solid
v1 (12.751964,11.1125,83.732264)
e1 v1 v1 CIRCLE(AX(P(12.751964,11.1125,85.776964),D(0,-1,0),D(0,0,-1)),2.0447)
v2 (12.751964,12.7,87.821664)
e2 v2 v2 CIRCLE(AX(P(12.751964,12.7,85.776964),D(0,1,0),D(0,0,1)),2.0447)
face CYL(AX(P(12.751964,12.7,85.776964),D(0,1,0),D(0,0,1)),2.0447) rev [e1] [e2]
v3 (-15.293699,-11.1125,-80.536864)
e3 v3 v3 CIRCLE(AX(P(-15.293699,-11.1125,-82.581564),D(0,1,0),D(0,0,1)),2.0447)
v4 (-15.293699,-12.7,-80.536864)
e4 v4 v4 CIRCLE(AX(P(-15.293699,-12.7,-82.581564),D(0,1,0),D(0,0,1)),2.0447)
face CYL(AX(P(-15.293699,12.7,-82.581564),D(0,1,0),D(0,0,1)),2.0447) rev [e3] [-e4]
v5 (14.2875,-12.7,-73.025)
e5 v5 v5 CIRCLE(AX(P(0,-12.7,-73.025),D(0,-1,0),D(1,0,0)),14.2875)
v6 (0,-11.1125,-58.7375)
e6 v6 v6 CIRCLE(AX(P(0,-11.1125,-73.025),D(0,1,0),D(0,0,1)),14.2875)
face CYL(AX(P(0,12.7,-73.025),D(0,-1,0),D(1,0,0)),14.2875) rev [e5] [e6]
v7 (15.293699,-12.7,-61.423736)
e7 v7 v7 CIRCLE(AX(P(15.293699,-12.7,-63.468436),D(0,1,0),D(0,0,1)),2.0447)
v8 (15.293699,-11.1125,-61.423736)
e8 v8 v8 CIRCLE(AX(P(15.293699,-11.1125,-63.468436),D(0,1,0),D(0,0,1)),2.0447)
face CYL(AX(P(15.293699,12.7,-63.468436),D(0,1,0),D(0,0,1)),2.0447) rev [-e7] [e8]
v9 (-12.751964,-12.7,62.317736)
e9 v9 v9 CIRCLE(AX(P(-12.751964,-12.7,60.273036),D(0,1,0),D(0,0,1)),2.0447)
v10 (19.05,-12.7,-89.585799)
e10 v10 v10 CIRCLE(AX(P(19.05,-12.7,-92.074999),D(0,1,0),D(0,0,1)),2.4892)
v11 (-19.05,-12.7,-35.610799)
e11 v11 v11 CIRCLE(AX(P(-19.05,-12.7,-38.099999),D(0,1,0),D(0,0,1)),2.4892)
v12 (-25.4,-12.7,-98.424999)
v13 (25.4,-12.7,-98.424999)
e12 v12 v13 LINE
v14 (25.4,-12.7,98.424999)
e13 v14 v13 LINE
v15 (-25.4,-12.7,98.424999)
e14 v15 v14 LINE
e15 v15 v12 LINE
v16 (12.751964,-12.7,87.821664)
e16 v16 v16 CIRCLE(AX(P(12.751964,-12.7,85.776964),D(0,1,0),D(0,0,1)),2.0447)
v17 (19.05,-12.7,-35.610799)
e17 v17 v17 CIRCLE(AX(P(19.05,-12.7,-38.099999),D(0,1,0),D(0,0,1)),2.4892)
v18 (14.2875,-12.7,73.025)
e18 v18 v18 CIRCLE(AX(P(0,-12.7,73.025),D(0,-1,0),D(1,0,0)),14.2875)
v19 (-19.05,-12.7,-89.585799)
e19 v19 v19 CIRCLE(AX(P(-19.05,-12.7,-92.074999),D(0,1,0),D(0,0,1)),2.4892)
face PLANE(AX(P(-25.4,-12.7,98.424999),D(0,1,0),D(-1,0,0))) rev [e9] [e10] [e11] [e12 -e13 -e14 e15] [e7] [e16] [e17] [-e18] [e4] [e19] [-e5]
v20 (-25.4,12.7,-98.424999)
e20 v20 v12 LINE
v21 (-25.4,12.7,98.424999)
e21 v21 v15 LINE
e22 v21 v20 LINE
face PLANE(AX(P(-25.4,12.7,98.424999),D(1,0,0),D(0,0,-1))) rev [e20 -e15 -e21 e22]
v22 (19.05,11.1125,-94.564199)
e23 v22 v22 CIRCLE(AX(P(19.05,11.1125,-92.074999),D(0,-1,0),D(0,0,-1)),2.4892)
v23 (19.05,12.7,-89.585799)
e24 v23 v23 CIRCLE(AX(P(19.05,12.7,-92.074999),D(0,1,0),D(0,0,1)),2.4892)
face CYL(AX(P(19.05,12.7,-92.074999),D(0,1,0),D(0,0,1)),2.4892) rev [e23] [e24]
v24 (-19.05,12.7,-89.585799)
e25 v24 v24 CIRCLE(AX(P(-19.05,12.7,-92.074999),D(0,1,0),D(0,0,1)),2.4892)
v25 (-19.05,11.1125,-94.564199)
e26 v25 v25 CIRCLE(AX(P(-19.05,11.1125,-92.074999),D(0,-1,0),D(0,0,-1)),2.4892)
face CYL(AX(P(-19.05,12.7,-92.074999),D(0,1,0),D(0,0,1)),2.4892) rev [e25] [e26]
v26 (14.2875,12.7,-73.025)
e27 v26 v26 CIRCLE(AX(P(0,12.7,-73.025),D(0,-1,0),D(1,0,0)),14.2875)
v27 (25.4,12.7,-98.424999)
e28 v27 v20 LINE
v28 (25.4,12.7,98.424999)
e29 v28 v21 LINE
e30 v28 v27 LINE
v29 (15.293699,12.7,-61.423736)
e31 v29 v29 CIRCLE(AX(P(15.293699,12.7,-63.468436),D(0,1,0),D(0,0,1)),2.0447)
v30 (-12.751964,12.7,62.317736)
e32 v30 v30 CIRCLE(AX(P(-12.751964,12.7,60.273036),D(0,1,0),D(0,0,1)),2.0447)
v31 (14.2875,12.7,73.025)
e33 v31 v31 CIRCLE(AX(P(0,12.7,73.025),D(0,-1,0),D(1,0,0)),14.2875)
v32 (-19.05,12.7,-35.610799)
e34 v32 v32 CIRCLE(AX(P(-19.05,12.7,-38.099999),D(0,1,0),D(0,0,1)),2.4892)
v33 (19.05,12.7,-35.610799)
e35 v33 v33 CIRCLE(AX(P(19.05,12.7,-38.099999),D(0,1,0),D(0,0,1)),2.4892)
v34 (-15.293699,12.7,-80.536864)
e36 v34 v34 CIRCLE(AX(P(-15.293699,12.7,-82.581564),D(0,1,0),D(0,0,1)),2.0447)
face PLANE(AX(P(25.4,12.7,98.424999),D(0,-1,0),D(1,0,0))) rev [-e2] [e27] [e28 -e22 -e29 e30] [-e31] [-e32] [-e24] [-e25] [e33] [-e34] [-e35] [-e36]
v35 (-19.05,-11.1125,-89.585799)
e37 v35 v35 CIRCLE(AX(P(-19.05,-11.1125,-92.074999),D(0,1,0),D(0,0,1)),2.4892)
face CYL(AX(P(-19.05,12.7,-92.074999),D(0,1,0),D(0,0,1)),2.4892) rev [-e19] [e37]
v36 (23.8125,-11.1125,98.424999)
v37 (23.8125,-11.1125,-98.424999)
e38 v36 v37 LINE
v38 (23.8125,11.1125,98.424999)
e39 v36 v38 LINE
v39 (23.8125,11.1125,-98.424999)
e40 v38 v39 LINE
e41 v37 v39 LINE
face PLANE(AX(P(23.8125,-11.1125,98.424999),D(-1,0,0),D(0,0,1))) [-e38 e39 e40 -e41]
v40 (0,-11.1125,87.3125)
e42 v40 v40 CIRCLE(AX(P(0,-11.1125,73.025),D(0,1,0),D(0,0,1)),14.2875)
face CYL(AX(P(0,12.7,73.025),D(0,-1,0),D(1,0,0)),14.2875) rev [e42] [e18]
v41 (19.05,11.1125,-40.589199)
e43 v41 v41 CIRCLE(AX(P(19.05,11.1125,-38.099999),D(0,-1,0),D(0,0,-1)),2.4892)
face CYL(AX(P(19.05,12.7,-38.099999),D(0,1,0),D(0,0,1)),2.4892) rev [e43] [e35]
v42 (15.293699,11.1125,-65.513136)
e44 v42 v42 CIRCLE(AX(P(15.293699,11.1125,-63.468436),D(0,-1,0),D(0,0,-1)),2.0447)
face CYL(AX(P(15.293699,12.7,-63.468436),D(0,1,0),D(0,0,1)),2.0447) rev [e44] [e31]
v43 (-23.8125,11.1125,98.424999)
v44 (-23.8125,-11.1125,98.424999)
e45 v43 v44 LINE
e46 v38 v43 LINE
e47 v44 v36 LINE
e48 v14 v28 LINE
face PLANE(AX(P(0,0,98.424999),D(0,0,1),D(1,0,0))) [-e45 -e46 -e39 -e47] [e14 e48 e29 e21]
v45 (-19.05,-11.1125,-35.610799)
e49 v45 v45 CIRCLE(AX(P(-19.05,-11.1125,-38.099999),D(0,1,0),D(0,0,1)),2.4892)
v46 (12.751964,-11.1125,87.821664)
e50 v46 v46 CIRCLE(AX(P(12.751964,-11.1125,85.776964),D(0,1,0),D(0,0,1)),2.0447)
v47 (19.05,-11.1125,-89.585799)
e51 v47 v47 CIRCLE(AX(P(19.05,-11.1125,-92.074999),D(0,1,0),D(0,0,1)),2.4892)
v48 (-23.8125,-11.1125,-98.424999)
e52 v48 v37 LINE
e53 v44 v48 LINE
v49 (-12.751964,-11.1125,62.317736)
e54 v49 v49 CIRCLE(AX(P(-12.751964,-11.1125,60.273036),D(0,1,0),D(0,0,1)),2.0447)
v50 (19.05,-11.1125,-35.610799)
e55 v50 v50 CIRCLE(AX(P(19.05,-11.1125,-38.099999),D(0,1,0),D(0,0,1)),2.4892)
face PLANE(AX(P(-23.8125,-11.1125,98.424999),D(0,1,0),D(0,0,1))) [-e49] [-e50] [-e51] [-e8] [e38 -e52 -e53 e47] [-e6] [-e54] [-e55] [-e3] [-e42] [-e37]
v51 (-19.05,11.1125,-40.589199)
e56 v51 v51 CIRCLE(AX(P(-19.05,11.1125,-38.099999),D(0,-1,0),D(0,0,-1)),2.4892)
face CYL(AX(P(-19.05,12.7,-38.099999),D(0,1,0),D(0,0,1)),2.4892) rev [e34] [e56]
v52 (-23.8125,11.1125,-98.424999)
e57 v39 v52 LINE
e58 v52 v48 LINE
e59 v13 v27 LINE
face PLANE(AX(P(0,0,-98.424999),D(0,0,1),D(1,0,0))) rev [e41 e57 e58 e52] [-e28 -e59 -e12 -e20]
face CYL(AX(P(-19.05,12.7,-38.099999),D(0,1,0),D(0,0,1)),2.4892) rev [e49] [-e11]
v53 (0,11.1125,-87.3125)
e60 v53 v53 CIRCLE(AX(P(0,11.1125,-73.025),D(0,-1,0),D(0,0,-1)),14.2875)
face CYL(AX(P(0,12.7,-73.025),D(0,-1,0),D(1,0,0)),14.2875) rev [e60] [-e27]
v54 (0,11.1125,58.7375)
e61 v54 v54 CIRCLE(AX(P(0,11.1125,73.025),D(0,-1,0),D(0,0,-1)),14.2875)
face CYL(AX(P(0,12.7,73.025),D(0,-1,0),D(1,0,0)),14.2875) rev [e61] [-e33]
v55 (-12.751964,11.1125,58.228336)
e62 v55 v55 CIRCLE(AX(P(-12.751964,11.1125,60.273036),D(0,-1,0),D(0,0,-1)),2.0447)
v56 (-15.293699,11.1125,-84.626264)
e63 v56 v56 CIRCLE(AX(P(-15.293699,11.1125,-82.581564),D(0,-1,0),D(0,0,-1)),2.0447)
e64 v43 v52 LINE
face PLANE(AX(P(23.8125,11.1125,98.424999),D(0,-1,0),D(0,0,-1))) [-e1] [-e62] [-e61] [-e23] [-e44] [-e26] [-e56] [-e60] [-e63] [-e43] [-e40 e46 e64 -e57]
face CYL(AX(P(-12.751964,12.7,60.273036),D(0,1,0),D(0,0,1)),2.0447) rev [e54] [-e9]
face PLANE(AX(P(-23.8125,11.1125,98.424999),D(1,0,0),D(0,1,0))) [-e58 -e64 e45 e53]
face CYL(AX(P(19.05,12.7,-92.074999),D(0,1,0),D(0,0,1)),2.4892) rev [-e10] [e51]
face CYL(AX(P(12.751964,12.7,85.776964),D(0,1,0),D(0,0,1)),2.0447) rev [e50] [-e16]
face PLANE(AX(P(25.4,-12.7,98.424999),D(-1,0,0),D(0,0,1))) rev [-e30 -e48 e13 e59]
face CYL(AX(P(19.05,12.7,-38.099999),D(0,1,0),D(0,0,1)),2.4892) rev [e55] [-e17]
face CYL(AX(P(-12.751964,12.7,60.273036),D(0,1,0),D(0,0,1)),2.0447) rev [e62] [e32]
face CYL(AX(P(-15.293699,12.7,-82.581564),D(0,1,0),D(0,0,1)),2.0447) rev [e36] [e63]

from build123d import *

# Parameters (mm, degrees)
BOSS_EXTRUDE1_DEPTH         = 98.424999
BOSS_EXTRUDE1_DEPTH_BACK    = 98.424999
SKETCH3_W                   = 50.8
SKETCH3_H                   = 25.4
SKETCH3_W_2                 = 47.625
SKETCH3_H_2                 = 22.225
SKETCH4_R                   = 14.2875
CUT_EXTRUDE3_DEPTH          = 105.774999061
F_10_CLEARANCE_HOLE1_D      = 4.9784
F_20_0_161_DIAMETER_HOLE1_D = 4.0894
F_20_0_161_DIAMETER_HOLE2_D = 4.0894


with BuildPart() as part:
    # Sketch3 → Boss-Extrude1 (new, two sides: drawn at the far end of the back side and taken through both)
    with BuildSketch(Plane.XY.offset(-BOSS_EXTRUDE1_DEPTH_BACK)):
        Rectangle(SKETCH3_W, SKETCH3_H)
        Rectangle(SKETCH3_W_2, SKETCH3_H_2, mode=Mode.SUBTRACT)
    extrude(amount=BOSS_EXTRUDE1_DEPTH + BOSS_EXTRUDE1_DEPTH_BACK)

    # Sketch4 → Cut-Extrude3 (cut, through all)
    with BuildSketch(Plane.XZ.offset(12.7)):
        with Locations((0, 73.025)):
            Circle(SKETCH4_R)
        with Locations((0, -73.025)):
            Circle(SKETCH4_R)
    extrude(amount=-CUT_EXTRUDE3_DEPTH, mode=Mode.SUBTRACT)

    # #10 Clearance Hole1 (through all)
    with Locations(Plane(origin=(0, 12.7, 0), x_dir=(1, 0, 0), z_dir=(0, 1, 0))):
        with Locations((19.05, 38.099999492), (19.05, 92.074999492), (-19.05, 92.074999492), (-19.05, 38.099999492)):
            Hole(F_10_CLEARANCE_HOLE1_D / 2)

    # #20 (0.161) Diameter Hole1 (through all)
    with Locations(Plane(origin=(0, 12.7, 0), x_dir=(1, 0, 0), z_dir=(0, 1, 0))):
        with Locations((-12.751963692, -60.273036308), (12.751963691, -85.776963692)):
            Hole(F_20_0_161_DIAMETER_HOLE1_D / 2)

    # #20 (0.161) Diameter Hole2 (through all)
    with Locations(Plane(origin=(0, 12.7, 0), x_dir=(1, 0, 0), z_dir=(0, 1, 0))):
        with Locations((-15.293699364, 82.581564015), (15.293699363, 63.468435985)):
            Hole(F_20_0_161_DIAMETER_HOLE2_D / 2)


solid = part.part
